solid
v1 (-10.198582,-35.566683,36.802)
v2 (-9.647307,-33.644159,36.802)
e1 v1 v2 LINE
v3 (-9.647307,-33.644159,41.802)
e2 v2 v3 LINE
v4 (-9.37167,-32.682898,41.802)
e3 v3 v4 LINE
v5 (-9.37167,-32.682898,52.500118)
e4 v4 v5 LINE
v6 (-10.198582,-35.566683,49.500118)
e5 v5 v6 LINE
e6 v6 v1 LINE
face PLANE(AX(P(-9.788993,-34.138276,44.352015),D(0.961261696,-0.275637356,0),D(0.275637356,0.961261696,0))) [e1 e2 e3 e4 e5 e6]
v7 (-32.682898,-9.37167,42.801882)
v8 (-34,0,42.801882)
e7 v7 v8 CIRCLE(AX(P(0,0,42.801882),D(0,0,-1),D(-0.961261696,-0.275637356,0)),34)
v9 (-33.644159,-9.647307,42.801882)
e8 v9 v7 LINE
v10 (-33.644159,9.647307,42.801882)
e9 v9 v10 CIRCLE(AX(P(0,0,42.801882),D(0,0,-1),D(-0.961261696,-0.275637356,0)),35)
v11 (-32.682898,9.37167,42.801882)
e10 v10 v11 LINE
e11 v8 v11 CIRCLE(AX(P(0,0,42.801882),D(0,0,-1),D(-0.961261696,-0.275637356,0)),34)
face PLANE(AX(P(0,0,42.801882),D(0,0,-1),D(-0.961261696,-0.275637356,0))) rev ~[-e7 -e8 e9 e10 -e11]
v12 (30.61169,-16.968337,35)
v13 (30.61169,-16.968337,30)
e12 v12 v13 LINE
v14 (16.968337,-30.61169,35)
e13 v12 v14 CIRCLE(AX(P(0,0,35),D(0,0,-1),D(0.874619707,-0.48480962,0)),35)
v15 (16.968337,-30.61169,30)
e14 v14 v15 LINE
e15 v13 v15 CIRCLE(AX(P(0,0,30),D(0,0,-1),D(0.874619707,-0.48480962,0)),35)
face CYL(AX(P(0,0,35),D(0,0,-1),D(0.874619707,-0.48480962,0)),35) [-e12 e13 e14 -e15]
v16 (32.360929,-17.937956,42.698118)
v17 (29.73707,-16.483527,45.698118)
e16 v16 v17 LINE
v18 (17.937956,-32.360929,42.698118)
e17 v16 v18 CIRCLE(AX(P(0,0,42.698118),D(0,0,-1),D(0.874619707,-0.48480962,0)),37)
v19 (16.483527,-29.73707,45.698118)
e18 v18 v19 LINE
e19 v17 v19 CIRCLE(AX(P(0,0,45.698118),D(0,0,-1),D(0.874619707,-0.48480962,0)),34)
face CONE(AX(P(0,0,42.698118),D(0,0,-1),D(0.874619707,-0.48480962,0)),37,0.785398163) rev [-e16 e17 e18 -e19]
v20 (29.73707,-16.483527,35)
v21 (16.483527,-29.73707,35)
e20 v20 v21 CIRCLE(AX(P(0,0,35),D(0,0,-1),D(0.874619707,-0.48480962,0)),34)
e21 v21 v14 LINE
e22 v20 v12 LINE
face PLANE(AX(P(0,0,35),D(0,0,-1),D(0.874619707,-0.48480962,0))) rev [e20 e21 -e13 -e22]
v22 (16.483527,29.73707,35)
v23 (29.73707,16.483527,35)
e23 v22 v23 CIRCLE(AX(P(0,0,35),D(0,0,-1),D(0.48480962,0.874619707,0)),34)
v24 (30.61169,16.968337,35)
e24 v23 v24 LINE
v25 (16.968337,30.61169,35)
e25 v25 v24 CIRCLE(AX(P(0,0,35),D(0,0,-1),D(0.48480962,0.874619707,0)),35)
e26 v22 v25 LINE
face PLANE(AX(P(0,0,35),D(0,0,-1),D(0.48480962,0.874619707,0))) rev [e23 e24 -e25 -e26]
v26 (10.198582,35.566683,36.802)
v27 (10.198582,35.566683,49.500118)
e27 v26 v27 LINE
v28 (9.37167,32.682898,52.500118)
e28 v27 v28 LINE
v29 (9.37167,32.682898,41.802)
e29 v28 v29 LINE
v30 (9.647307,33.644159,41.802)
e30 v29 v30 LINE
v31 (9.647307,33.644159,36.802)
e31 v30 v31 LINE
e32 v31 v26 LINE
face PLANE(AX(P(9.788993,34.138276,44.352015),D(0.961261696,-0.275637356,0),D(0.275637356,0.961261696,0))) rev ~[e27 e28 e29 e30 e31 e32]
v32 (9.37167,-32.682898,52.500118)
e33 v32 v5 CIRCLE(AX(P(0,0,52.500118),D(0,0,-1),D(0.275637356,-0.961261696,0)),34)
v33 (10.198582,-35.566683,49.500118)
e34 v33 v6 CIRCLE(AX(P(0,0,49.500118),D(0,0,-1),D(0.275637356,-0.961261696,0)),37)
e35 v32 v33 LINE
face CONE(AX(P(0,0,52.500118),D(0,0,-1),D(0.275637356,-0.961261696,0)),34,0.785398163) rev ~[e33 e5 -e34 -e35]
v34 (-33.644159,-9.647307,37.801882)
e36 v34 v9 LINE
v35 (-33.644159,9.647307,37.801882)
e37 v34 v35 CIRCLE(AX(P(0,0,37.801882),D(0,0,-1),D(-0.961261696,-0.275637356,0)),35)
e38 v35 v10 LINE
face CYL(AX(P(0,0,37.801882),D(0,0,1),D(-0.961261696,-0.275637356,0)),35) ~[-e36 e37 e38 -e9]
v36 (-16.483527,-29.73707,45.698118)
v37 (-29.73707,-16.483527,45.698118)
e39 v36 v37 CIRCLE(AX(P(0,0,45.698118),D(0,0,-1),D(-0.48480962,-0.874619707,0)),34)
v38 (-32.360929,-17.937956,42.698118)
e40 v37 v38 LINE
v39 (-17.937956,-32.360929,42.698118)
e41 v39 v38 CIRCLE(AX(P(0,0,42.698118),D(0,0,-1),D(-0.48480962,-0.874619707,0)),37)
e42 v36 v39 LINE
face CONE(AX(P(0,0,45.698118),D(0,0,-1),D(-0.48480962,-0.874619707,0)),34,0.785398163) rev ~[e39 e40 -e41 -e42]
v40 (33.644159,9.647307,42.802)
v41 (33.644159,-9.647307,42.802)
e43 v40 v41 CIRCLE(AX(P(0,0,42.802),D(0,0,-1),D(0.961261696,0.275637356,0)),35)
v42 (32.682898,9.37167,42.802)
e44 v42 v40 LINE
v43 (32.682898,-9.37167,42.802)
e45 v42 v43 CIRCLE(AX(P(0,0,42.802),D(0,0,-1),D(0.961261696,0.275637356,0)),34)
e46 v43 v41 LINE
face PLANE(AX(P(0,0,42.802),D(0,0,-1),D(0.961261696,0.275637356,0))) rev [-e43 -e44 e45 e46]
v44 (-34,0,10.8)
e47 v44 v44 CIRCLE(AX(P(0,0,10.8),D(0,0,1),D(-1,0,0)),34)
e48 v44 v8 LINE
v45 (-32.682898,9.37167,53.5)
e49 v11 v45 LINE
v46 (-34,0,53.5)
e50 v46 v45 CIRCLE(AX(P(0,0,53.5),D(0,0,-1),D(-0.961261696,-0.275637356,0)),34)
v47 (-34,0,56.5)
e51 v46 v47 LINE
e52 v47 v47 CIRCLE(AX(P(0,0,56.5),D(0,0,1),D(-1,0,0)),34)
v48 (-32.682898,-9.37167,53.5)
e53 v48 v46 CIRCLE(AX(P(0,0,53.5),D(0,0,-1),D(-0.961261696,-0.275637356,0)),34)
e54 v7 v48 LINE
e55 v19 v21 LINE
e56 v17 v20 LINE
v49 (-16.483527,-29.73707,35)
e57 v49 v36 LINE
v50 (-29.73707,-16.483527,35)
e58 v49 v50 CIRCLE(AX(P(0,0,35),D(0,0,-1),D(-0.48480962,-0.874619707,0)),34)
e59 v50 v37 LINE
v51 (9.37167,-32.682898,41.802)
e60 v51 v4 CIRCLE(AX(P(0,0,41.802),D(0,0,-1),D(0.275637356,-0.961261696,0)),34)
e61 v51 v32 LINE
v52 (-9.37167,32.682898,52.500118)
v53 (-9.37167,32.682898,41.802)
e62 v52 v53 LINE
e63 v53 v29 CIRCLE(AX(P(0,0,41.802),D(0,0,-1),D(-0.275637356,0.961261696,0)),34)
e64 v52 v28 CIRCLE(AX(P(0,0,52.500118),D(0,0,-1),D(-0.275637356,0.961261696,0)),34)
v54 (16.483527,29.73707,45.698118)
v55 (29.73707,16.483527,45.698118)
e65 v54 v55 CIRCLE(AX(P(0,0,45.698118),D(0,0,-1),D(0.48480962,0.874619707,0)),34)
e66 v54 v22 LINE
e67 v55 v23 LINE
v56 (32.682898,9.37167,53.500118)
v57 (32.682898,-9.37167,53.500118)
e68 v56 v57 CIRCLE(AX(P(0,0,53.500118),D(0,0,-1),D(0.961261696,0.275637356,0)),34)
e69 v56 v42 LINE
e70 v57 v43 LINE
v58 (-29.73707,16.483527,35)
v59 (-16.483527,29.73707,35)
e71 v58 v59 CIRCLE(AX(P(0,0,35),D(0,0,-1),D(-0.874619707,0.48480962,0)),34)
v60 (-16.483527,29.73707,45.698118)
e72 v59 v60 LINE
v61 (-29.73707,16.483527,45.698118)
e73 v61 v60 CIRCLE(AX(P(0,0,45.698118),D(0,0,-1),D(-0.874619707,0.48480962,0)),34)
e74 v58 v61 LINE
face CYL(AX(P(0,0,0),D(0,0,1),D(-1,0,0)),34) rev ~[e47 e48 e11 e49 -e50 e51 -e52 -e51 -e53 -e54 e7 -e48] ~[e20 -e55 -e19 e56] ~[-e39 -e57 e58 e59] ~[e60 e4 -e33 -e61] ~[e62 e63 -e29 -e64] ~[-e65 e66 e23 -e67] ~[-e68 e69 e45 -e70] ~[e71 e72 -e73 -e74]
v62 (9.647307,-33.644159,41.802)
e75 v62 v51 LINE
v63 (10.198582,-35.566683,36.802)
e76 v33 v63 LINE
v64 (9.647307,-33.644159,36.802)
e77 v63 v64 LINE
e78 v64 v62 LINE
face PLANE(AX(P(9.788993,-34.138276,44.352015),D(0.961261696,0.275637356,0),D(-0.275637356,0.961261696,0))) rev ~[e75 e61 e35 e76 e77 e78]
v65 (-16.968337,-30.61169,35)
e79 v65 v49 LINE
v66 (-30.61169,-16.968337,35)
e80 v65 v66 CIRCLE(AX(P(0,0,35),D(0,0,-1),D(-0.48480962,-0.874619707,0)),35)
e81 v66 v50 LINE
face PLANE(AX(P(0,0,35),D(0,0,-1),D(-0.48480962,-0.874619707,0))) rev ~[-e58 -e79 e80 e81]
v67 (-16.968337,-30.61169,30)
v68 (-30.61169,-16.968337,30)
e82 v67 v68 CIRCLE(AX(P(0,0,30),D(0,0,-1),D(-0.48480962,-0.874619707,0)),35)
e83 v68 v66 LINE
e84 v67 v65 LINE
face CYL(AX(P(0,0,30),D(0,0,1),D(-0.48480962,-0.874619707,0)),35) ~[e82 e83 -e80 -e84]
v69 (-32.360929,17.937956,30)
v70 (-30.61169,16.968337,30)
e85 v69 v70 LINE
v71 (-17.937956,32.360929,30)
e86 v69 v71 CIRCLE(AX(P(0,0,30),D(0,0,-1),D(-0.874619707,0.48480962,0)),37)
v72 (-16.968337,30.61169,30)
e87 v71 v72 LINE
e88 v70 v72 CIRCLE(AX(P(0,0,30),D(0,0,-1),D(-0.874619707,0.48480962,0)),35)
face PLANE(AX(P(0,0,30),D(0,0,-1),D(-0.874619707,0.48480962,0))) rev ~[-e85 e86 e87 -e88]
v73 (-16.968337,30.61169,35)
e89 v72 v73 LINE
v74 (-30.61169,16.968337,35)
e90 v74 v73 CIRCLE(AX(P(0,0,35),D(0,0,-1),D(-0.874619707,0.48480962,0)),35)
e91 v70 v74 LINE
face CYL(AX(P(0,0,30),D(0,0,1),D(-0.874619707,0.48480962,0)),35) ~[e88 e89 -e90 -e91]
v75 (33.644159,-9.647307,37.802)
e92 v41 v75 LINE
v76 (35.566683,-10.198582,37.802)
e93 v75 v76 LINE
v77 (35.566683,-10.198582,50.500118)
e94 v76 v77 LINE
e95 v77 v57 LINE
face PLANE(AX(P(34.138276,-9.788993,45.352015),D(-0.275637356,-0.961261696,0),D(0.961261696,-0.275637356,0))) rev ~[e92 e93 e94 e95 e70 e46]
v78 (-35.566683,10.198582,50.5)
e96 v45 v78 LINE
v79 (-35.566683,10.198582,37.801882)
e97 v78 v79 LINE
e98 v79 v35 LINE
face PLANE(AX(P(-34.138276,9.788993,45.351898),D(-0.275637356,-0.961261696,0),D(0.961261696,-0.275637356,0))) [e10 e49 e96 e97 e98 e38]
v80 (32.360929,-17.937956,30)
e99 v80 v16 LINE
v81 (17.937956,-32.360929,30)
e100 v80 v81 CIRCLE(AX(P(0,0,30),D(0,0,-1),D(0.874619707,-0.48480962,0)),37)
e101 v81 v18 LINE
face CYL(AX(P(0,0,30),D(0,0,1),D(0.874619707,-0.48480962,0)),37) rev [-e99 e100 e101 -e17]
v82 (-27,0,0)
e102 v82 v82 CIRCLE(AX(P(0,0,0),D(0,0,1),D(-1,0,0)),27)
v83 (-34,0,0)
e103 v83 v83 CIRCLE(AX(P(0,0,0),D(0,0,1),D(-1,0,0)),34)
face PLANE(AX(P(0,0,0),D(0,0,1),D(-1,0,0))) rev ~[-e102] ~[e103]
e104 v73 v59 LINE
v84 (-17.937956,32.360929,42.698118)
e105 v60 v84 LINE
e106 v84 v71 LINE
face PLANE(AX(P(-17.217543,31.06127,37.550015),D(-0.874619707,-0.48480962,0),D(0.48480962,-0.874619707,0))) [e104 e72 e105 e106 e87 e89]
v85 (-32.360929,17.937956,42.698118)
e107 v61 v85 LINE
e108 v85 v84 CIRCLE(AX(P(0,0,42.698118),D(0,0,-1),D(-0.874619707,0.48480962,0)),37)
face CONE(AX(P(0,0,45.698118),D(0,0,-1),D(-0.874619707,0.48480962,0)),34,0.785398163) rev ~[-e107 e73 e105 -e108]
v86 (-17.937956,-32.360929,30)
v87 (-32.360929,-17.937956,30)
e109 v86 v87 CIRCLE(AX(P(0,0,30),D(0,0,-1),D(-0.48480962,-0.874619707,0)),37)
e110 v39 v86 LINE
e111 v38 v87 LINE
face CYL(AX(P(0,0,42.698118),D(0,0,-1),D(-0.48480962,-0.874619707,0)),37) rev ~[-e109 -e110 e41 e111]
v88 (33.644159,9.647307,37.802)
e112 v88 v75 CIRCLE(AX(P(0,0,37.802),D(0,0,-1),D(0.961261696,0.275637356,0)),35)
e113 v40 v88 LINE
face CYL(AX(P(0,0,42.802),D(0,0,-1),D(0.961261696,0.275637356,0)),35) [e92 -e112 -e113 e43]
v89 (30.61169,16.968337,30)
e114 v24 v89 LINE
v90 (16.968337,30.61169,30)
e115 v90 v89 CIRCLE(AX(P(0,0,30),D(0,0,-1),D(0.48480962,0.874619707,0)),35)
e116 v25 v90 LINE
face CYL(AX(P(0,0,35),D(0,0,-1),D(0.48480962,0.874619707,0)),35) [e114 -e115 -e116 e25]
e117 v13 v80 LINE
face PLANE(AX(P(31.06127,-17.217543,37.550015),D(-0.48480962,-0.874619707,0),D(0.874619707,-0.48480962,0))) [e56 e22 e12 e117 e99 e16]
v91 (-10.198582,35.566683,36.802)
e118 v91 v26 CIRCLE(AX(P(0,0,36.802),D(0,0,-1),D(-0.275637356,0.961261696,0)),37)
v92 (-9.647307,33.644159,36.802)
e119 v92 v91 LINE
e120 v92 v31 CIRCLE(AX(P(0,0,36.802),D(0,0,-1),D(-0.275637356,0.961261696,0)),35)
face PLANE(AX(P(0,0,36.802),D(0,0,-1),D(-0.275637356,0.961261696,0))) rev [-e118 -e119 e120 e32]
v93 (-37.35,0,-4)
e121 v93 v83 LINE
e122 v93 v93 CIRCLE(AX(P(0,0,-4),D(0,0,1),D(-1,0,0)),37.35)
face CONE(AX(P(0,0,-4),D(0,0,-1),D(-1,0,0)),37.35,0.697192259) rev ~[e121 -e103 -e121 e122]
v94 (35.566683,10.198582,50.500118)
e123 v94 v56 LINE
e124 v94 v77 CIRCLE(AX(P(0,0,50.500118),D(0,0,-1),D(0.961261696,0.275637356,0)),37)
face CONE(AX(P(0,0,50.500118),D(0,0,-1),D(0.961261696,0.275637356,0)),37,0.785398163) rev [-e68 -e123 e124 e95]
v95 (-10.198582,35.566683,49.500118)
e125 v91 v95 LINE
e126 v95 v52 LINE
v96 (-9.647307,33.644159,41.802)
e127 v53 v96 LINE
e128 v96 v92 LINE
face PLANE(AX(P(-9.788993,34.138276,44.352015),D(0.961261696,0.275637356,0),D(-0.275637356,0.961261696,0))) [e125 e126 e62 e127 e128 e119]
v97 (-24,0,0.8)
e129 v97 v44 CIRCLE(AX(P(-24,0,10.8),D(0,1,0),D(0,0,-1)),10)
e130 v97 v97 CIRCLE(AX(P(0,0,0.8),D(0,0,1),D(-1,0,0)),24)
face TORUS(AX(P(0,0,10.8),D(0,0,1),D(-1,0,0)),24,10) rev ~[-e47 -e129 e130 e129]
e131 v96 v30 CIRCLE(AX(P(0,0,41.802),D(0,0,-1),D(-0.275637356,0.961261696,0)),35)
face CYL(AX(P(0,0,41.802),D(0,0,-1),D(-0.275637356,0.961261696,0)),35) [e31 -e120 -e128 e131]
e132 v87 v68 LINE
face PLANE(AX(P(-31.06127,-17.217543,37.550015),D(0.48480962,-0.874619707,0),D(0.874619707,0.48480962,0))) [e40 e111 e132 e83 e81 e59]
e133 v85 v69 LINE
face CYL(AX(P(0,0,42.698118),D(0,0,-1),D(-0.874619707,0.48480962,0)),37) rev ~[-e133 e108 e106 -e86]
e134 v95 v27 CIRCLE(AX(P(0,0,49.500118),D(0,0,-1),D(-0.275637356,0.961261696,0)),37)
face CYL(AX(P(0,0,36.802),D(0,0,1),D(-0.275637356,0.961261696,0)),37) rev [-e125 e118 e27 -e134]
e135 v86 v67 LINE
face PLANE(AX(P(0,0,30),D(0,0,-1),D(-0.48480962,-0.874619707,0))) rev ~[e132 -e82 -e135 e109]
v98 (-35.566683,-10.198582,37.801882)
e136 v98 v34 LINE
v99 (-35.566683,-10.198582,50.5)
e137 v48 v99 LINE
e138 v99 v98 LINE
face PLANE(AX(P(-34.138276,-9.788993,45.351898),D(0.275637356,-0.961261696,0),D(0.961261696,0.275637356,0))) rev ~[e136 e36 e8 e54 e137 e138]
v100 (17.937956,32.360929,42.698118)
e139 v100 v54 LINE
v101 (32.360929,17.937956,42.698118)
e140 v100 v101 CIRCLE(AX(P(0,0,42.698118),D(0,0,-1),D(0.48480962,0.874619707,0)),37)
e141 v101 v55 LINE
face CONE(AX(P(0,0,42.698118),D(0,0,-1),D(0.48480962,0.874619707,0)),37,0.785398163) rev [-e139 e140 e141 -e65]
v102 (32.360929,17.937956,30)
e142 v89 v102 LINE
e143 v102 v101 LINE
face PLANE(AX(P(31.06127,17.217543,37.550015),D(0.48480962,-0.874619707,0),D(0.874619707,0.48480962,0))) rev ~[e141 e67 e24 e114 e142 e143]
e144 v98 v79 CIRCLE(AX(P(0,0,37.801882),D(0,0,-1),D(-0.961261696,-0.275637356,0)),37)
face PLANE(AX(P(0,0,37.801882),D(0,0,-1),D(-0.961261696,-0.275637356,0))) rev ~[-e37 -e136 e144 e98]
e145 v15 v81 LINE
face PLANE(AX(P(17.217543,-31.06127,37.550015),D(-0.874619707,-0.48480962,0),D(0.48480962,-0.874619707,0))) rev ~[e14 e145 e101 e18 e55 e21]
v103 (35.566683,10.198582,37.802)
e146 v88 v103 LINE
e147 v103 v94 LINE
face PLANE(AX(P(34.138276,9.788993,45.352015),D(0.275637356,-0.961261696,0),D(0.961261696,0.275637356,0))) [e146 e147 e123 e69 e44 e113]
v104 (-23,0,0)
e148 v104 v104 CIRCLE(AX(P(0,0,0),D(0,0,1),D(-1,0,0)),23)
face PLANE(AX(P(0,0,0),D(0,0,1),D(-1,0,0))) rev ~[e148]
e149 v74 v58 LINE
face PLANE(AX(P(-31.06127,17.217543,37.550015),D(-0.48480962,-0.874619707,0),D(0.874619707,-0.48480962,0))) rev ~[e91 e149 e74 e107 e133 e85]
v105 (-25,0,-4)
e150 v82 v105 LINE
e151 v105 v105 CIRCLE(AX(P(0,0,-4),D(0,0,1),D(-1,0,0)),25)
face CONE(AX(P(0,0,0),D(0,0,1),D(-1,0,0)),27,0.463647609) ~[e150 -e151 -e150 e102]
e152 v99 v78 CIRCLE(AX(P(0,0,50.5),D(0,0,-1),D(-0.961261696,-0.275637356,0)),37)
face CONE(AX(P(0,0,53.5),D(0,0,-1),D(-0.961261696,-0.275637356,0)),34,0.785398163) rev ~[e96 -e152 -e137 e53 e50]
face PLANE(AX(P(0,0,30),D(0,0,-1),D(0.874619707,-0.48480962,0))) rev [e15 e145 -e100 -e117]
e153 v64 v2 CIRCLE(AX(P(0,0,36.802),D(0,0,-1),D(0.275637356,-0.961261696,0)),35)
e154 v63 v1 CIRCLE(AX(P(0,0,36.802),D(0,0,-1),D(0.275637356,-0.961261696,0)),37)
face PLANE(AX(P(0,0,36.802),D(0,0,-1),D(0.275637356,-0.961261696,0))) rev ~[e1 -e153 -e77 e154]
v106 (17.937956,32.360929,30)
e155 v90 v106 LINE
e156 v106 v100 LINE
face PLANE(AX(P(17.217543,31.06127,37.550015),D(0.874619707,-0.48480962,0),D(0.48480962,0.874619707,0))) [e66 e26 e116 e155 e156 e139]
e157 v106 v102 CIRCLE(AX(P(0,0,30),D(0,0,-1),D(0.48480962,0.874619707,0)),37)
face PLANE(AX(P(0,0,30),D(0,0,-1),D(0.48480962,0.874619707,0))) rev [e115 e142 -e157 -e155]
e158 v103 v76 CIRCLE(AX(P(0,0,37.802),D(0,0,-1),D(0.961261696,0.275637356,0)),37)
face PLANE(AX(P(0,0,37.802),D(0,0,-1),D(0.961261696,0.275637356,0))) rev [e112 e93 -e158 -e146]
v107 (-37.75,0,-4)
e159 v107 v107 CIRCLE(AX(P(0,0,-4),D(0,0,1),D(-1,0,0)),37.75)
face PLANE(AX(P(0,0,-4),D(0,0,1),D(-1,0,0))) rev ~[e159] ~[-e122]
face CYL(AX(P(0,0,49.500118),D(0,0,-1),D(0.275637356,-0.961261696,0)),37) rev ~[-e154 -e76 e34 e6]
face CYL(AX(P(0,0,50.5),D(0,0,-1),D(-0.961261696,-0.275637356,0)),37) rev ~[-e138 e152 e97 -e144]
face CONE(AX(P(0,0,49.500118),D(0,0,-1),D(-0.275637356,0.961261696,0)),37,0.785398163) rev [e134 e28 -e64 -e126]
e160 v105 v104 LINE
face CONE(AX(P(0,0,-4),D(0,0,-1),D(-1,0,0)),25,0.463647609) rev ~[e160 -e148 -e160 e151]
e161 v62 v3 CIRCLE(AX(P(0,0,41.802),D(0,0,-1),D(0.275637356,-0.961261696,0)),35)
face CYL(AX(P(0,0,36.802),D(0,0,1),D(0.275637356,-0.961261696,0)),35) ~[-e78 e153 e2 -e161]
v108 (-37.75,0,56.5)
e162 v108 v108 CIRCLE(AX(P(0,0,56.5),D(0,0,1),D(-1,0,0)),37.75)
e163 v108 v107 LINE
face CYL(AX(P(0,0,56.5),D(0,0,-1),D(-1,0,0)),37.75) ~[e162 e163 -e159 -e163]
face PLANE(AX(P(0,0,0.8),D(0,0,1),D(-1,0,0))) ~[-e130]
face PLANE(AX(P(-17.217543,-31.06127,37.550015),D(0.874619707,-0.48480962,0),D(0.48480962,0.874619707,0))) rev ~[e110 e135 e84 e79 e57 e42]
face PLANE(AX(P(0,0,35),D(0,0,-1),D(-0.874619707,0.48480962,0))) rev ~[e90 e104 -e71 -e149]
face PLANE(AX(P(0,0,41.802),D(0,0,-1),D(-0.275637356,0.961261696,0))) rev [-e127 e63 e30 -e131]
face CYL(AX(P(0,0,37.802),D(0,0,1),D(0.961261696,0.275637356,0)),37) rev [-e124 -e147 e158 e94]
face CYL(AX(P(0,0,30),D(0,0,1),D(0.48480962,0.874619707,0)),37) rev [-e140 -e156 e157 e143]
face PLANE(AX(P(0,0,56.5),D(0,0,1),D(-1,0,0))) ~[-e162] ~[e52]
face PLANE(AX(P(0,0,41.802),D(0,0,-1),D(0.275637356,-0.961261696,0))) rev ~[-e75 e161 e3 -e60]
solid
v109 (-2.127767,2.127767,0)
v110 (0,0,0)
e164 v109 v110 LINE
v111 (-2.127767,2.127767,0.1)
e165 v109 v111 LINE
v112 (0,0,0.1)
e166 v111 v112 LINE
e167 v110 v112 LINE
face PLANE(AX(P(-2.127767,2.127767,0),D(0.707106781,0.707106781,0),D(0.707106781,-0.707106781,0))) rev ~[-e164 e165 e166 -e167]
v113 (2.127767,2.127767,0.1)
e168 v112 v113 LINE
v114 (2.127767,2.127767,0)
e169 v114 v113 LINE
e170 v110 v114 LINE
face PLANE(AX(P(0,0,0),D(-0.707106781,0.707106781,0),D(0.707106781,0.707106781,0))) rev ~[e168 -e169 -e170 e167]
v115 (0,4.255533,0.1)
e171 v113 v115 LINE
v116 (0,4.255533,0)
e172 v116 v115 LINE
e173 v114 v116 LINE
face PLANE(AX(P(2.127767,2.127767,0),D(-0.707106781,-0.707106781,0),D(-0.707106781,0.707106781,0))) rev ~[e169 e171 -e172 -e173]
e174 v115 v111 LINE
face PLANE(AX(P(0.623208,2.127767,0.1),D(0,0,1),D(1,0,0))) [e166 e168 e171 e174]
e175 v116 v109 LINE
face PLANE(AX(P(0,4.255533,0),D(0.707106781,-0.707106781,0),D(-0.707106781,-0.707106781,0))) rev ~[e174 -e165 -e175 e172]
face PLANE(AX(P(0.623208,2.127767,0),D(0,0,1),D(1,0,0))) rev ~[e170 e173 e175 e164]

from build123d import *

# Parameters (mm, degrees)
F2_ANGLE_BACK  = 16
F2_ANGLE       = 32
F4_ANGLE_BACK  = 16
F4_ANGLE       = 32
F6_DEPTH       = 0.1
F8_ANGLE_BACK  = 16
F8_ANGLE       = 32
F10_ANGLE_BACK = 16
F10_ANGLE      = 32


with BuildPart() as f1:
    # F0 (on Front) → F1 (revolve)
    with BuildSketch(Plane.XZ):
        Polygon((-35, 42.8018823761), (-34, 42.8018823761), (-34, 44.8018823761), (-34, 48.5), (-34, 53), (-34, 53.5), (-37, 50.5), (-37, 48.5), (-37, 37.8018823761), (-35, 37.8018823761), (-35, 41.8022545199), align=None)
        Polygon((-37.35, -4), (-34, 0), (-34, 0.8), (-34, 10.8), (-34, 21), (-34, 36.8018823761), (-34, 37.8018823761), (-34, 42.8018823761), (-35, 42.8018823761), (-35, 41.8022545199), (-35, 37.8018823761), (-37, 37.8018823761), (-37, 48.5), (-37, 50.5), (-34, 53.5), (-34, 54.5), (-34, 56.5), (-37.75, 56.5), (-37.75, -4), align=None)
        Polygon((0, 0.8), (-24, 0.8), (-24, 0), (-23, 0), (0, 0), align=None)
        Polygon((-24, 0), (-27, 0), (-25, -4), (-23, 0), align=None)
        with BuildLine():
            Line((-34, 10.8), (-34, 0.8))
            Line((-34, 0.8), (-24, 0.8))
            ThreePointArc((-24, 0.8), (-31.0710678119, 3.7289321881), (-34, 10.8))
        make_face()
        Polygon((-34, 0.8), (-34, 0), (-27, 0), (-24, 0), (-24, 0.8), align=None)
    revolve(axis=Axis((0, 0, 27.5), (0, 0, 1)))

    # F0 (on Front) → F2 (revolve, cut)
    with BuildSketch(Plane.XZ, mode=Mode.PRIVATE) as f2_sk:
        Polygon((-35, 42.8018823761), (-34, 42.8018823761), (-34, 44.8018823761), (-34, 48.5), (-34, 53), (-34, 53.5), (-37, 50.5), (-37, 48.5), (-37, 37.8018823761), (-35, 37.8018823761), (-35, 41.8022545199), align=None)
        Polygon((35, 37.802), (37, 37.802), (37, 39.8018823761), (37, 48.5001176239), (37, 50.5001176239), (34, 53.5001176239), (34, 53.0001176239), (34, 48.5001176239), (34, 42.802), (35, 42.802), (35, 41.8023721437), align=None)
    revolve(f2_sk.sketch.rotate(Axis((0, 0, 27.5), (0, 0, -1)), -F2_ANGLE_BACK), axis=Axis((0, 0, 27.5), (0, 0, -1)), revolution_arc=F2_ANGLE, mode=Mode.SUBTRACT)

    # F3 (on Right) → F4 (revolve, cut)
    with BuildSketch(Plane.YZ, mode=Mode.PRIVATE) as f4_sk:
        Polygon((-34, 52.0001176239), (-34, 52.5001176239), (-37, 49.5001176239), (-37, 47.5001176239), (-37, 36.802), (-35, 36.802), (-35, 40.8023721437), (-35, 41.802), (-34, 41.802), (-34, 47.5001176239), align=None)
        Polygon((37, 49.5001176239), (34, 52.5001176239), (34, 52.0001176239), (34, 47.5001176239), (34, 41.802), (35, 41.802), (35, 40.8023721437), (35, 36.802), (37, 36.802), (37, 39.8018823761), (37, 47.5001176239), align=None)
    revolve(f4_sk.sketch.rotate(Axis((0, 0, 27.5), (0, 0, -1)), -F4_ANGLE_BACK), axis=Axis((0, 0, 27.5), (0, 0, -1)), revolution_arc=F4_ANGLE, mode=Mode.SUBTRACT)

    # F7 (on face) → F8 (revolve, cut)
    with BuildSketch(Plane(origin=(0, 0, 0), x_dir=(0.7071067812, 0.7071067812, 0), z_dir=(0.7071067812, -0.7071067812, 0)), mode=Mode.PRIVATE) as f8_sk:
        Polygon((-34, 45.1981176239), (-34, 45.6981176239), (-37, 42.6981176239), (-37, 40.6981176239), (-37, 30), (-35, 30), (-35, 34.0003721437), (-35, 35), (-34, 35), (-34, 40.6981176239), align=None)
        Polygon((35, 30), (37, 30), (37, 40.6981176239), (37, 42.6981176239), (34, 45.6981176239), (34, 45.1981176239), (34, 40.6981176239), (34, 35), (35, 35), (35, 34.0003721437), align=None)
    revolve(f8_sk.sketch.rotate(Axis((0, 0, 27.5), (0, 0, -1)), -F8_ANGLE_BACK), axis=Axis((0, 0, 27.5), (0, 0, -1)), revolution_arc=F8_ANGLE, mode=Mode.SUBTRACT)

    # F9 (on face) → F10 (revolve, cut)
    with BuildSketch(Plane(origin=(0, 0, 0), x_dir=(0.7071067812, -0.7071067812, 0), z_dir=(-0.7071067812, -0.7071067812, 0)), mode=Mode.PRIVATE) as f10_sk:
        Polygon((-34, 45.1981176239), (-34, 45.6981176239), (-37, 42.6981176239), (-37, 40.6981176239), (-37, 30), (-35, 30), (-35, 34.0003721437), (-35, 35), (-34, 35), (-34, 40.6981176239), align=None)
        Polygon((35, 30), (37, 30), (37, 40.6981176239), (37, 42.6981176239), (34, 45.6981176239), (34, 45.1981176239), (34, 40.6981176239), (34, 35), (35, 35), (35, 34.0003721437), align=None)
    revolve(f10_sk.sketch.rotate(Axis((0, 0, 27.5), (0, 0, -1)), -F10_ANGLE_BACK), axis=Axis((0, 0, 27.5), (0, 0, -1)), revolution_arc=F10_ANGLE, mode=Mode.SUBTRACT)


with BuildPart() as f6:
    # F5 (on Top) → F6 (new body)
    with BuildSketch(Plane.XY):
        Polygon((0, 0), (2.1277666092, 2.1277666092), (0, 4.2555332184), align=None)
        Polygon((-2.1277666092, 2.1277666092), (0, 0), (0, 4.2555332184), align=None)
    extrude(amount=F6_DEPTH)


solid = Compound([f1.part, f6.part])
